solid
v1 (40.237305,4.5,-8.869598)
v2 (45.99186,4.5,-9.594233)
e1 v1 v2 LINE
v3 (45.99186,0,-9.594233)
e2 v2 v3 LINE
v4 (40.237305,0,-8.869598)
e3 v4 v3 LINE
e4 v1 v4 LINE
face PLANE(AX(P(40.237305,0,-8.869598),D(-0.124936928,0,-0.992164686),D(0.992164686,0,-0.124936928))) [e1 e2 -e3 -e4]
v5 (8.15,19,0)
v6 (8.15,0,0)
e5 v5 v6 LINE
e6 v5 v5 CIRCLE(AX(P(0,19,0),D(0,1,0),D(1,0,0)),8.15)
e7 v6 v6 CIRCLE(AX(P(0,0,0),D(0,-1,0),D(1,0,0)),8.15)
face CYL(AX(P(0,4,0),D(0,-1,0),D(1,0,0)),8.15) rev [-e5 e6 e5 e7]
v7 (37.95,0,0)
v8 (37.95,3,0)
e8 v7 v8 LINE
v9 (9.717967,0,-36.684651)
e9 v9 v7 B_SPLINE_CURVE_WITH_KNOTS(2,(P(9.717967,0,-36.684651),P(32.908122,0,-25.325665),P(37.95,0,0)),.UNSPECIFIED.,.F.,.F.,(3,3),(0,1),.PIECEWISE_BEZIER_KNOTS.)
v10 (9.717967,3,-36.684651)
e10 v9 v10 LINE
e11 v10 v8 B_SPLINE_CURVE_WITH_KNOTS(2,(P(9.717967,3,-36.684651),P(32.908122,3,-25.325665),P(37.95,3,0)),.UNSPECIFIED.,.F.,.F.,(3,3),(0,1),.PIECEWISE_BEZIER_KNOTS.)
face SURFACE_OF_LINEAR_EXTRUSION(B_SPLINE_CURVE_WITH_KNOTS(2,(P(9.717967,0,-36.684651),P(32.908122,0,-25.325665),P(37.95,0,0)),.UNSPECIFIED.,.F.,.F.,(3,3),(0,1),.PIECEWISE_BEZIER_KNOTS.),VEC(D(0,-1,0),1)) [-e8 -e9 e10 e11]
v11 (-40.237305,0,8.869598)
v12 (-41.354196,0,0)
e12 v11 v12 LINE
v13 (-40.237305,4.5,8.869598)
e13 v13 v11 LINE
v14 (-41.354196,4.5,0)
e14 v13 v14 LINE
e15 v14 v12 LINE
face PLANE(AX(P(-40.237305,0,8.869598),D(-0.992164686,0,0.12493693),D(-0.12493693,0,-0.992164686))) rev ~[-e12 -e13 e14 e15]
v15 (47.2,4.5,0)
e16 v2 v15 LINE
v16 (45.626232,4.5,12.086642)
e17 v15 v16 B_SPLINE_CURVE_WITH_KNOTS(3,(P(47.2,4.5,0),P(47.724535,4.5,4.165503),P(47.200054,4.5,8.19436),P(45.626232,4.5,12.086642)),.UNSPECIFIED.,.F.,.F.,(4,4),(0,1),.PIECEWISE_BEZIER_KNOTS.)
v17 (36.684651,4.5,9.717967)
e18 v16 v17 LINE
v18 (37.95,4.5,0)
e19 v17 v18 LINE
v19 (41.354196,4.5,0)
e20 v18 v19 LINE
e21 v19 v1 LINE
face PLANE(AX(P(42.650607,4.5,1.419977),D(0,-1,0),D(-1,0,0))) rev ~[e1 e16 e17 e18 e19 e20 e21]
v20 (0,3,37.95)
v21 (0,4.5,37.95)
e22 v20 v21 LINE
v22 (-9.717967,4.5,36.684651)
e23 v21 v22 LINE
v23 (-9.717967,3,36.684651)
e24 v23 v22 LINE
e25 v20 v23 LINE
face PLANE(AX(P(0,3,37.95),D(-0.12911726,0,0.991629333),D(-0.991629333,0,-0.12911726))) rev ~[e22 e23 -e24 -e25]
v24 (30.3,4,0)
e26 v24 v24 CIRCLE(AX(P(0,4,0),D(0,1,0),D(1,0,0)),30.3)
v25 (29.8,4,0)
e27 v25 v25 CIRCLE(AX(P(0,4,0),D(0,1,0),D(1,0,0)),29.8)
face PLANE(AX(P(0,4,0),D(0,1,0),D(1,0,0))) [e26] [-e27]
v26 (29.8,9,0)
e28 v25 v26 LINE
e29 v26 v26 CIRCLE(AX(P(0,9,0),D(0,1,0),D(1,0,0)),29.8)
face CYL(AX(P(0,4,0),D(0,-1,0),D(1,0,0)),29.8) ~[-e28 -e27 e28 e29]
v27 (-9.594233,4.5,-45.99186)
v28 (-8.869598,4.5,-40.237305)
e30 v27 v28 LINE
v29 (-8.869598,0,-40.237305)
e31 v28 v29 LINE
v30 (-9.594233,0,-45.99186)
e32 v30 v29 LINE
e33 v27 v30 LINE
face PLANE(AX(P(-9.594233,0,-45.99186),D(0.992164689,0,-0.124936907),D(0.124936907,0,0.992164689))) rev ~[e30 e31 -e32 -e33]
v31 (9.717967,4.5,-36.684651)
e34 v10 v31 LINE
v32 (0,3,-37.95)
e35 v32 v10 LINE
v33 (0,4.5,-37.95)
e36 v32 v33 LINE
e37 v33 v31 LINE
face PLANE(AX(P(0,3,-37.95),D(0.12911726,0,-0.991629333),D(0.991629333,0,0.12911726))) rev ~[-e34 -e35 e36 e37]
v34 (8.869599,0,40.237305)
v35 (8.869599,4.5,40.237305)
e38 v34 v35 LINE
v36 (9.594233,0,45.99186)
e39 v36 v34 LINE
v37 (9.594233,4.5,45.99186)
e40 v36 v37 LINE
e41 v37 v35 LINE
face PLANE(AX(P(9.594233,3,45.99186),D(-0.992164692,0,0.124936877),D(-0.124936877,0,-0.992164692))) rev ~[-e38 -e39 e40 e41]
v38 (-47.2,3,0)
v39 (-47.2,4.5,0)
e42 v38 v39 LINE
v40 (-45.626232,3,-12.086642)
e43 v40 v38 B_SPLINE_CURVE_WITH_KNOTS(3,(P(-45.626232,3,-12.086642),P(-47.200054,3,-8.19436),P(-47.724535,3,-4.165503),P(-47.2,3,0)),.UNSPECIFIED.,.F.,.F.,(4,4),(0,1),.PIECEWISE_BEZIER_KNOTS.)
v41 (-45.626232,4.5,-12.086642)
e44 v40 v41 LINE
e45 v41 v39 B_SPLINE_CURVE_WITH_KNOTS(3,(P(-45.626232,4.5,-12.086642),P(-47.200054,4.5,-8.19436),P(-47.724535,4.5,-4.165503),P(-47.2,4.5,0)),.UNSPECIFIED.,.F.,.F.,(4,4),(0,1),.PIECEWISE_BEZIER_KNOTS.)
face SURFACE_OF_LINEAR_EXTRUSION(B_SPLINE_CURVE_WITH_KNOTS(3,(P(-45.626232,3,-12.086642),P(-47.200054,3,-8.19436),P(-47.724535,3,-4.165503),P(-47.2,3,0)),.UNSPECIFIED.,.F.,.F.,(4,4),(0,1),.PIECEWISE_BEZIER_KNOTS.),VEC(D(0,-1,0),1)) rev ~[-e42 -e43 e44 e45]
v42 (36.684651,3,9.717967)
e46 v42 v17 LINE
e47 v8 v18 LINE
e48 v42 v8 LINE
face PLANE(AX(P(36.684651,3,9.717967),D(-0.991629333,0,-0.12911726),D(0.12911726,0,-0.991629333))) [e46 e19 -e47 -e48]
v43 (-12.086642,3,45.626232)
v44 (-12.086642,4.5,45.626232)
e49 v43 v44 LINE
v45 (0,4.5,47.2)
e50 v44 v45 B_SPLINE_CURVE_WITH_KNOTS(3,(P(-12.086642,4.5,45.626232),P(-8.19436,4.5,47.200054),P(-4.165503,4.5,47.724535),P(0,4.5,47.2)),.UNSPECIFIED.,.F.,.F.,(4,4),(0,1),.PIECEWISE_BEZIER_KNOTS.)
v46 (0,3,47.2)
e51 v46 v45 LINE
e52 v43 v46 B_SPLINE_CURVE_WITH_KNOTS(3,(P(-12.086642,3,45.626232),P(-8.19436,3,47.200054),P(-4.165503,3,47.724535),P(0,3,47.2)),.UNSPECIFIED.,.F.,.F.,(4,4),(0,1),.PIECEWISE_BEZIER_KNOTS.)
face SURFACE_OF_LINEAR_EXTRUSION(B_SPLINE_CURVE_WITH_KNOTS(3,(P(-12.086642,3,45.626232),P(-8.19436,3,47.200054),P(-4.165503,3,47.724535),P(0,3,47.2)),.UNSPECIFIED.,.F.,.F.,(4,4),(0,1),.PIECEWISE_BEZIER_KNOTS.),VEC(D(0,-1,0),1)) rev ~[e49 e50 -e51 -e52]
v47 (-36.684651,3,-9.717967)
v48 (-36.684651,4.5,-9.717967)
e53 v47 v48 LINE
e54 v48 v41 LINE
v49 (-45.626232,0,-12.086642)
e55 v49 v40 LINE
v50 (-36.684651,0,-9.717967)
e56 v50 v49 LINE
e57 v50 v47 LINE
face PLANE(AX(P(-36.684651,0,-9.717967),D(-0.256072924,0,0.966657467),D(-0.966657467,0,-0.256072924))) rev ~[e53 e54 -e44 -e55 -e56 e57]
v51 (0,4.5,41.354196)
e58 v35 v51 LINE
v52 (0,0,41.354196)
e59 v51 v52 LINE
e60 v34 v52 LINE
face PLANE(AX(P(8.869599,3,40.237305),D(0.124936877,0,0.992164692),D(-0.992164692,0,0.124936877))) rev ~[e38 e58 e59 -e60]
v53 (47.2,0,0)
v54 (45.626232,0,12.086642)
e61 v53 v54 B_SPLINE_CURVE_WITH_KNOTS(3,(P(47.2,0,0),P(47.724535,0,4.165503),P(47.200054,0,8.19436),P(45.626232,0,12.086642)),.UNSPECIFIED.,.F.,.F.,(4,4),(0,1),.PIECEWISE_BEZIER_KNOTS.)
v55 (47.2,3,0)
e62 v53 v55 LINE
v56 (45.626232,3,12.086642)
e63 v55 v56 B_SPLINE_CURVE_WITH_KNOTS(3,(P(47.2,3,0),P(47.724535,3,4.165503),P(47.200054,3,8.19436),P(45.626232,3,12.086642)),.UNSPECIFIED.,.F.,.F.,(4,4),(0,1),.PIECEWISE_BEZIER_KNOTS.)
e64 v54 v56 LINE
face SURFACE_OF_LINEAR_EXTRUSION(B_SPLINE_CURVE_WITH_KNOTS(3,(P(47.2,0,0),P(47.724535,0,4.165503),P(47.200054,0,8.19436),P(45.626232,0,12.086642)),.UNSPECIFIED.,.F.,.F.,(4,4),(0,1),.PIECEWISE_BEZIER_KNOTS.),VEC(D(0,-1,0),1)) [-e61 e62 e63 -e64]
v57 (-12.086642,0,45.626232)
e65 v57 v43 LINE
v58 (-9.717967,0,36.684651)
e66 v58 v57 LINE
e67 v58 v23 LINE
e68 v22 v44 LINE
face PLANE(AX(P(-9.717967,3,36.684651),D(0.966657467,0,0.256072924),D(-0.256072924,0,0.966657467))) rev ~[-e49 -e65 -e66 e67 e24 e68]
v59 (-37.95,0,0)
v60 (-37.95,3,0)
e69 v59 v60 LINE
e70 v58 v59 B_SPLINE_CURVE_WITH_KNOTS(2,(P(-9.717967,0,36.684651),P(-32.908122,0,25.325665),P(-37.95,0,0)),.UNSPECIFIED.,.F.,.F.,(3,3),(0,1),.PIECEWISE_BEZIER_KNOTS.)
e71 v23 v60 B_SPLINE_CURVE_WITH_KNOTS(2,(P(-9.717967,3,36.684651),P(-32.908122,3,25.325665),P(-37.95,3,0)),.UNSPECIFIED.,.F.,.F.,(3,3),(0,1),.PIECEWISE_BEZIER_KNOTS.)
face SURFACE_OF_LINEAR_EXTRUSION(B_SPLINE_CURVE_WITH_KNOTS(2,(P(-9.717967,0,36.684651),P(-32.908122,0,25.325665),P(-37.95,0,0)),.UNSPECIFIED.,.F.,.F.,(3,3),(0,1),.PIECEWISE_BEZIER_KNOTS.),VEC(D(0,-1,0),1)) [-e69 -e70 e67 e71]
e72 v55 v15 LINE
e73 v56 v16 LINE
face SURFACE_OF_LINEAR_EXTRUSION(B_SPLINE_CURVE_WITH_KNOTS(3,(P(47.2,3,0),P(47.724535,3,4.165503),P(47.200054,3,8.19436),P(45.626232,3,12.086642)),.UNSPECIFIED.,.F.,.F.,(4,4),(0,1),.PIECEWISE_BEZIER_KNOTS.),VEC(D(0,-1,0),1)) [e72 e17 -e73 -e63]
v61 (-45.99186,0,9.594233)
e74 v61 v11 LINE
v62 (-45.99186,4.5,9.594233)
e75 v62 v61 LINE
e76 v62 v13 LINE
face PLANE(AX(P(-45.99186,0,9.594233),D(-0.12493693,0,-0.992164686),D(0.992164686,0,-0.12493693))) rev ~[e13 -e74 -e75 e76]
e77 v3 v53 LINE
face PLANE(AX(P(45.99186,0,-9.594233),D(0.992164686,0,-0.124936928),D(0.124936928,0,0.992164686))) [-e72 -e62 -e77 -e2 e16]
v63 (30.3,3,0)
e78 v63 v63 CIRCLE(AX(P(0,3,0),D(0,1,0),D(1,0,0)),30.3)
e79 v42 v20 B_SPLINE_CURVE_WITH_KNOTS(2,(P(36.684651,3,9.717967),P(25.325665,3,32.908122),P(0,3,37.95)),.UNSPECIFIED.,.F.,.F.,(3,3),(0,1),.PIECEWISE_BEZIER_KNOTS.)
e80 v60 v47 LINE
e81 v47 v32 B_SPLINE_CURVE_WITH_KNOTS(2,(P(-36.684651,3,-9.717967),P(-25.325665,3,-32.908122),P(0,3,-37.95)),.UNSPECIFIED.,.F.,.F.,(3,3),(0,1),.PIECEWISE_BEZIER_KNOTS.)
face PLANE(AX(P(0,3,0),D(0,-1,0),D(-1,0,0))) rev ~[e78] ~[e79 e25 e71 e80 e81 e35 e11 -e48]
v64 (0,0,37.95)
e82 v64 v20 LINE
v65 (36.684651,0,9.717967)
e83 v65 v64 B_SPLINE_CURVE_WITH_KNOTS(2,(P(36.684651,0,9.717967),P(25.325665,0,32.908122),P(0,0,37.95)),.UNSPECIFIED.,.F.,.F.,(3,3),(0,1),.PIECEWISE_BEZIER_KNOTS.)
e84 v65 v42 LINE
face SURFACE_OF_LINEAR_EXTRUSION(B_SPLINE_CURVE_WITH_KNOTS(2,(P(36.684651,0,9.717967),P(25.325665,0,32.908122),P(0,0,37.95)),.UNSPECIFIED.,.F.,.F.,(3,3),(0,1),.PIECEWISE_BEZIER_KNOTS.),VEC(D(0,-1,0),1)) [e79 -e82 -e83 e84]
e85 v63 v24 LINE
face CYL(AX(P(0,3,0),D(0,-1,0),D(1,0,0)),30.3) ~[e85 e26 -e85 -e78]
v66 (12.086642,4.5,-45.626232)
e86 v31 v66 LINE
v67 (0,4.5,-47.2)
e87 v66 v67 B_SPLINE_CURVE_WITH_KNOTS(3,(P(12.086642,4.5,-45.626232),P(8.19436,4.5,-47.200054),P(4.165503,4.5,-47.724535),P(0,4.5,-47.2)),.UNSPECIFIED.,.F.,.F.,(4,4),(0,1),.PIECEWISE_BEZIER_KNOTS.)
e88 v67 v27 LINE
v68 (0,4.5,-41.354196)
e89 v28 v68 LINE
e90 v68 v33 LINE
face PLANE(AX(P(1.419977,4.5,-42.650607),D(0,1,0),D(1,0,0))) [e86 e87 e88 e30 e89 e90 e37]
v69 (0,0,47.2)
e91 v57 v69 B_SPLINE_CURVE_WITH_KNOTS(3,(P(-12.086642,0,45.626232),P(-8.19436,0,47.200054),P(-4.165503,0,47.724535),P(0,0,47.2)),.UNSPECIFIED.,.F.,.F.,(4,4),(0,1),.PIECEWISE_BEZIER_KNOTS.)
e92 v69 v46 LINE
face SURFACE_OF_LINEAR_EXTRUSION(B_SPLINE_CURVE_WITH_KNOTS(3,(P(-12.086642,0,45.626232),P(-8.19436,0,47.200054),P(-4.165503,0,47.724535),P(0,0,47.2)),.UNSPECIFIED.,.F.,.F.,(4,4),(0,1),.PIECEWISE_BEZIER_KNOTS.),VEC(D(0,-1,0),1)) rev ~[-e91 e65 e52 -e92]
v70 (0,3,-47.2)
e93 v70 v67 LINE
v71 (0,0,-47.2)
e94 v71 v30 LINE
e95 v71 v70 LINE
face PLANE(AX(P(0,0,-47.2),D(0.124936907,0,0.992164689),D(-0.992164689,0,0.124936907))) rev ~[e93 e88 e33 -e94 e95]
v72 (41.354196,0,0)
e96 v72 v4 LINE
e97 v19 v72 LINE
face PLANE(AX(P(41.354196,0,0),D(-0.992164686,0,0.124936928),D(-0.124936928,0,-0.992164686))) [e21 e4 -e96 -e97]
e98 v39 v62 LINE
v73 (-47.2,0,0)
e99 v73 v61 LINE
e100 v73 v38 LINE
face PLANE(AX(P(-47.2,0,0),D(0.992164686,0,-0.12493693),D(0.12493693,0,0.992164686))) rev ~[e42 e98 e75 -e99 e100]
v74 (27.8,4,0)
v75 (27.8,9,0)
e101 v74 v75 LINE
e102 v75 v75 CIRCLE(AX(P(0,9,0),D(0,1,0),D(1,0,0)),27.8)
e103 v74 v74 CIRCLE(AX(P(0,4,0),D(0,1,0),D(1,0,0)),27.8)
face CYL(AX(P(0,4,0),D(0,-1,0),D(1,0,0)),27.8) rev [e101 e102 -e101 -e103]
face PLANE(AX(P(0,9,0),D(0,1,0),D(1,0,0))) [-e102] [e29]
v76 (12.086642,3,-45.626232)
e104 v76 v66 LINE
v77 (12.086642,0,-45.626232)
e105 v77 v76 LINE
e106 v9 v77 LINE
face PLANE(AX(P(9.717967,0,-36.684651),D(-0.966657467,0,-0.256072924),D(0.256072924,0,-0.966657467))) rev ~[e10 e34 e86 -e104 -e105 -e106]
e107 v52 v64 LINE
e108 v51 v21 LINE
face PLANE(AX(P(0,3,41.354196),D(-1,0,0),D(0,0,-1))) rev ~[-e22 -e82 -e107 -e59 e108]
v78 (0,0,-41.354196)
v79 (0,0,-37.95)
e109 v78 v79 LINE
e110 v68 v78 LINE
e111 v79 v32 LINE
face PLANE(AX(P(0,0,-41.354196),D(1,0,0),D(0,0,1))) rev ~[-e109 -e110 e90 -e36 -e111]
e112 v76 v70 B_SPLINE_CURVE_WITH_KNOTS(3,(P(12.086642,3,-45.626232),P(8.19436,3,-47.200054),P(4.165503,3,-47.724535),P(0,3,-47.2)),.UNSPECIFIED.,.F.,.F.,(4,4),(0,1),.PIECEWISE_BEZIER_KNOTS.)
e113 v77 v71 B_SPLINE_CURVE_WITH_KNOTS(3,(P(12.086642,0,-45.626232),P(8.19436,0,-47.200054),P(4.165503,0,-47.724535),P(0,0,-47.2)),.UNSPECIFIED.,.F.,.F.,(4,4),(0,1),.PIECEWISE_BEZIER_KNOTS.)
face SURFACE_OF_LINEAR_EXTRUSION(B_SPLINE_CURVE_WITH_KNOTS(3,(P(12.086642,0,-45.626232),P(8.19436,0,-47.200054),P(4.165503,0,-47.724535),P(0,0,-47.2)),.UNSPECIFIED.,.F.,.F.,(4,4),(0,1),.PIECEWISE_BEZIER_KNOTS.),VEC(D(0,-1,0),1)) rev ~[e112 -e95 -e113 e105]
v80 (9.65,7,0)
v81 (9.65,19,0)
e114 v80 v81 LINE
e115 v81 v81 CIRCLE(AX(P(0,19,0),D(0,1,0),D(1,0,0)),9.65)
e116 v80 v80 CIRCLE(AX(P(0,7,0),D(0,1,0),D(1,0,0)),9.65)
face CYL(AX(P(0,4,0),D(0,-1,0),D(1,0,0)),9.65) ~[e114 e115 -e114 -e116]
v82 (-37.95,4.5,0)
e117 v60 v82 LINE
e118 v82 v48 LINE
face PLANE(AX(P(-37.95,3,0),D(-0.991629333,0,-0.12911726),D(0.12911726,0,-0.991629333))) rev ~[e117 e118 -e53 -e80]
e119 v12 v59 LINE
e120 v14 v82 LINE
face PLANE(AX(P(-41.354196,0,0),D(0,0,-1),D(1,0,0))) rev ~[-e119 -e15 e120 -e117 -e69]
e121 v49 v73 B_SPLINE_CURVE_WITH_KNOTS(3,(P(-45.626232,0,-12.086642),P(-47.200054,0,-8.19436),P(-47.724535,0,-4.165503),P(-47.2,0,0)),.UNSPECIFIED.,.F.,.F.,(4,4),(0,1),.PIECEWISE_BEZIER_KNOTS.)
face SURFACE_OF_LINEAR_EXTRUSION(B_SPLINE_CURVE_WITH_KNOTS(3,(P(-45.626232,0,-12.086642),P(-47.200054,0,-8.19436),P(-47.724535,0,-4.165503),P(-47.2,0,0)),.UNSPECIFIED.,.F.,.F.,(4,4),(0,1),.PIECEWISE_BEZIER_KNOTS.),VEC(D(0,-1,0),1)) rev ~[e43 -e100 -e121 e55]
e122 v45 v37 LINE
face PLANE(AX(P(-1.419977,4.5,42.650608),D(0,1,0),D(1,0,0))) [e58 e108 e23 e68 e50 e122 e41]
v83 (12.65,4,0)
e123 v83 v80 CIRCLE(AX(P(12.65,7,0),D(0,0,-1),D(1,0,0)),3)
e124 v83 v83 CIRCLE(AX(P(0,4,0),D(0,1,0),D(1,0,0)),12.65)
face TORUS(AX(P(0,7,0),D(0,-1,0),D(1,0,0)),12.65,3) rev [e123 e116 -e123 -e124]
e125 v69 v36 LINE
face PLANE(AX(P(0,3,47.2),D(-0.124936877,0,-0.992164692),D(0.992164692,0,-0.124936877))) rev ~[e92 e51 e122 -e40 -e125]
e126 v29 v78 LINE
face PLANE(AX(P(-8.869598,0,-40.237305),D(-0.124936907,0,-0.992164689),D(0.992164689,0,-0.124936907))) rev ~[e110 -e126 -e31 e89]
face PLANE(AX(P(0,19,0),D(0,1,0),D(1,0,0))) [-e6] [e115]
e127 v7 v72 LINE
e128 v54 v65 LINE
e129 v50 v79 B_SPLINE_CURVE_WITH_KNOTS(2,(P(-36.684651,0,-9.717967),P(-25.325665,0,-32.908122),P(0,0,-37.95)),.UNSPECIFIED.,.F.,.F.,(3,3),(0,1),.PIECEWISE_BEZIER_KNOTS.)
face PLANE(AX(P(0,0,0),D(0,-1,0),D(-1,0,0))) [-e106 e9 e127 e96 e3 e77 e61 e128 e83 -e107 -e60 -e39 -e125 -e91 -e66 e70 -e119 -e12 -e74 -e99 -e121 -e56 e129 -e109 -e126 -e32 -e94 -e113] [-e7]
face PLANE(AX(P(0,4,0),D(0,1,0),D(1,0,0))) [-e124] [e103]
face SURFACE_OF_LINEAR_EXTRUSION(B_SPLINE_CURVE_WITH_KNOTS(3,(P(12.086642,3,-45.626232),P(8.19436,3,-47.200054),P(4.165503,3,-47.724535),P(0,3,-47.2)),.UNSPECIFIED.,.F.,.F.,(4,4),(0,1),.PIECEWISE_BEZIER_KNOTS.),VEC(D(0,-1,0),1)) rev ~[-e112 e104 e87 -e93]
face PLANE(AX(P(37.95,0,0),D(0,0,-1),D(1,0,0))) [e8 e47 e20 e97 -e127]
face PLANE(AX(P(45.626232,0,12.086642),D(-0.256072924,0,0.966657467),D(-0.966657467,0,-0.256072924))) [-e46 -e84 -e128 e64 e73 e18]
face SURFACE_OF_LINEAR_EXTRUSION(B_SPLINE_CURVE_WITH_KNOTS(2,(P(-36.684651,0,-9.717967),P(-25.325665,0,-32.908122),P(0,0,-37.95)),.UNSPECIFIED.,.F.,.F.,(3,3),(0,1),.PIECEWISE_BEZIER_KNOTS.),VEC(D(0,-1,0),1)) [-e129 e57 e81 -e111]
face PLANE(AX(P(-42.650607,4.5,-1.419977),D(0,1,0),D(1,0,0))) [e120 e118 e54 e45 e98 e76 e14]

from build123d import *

# Parameters (mm, degrees)
BOSS_EXTRUDE1_DEPTH = 3
BOSS_EXTRUDE2_START = 3
BOSS_EXTRUDE2_DEPTH = 1.5
SKETCH2_R           = 30.3
SKETCH2_R_2         = 29.8
SKETCH2_R_3         = 27.8
BOSS_EXTRUDE3_DEPTH = 1
SKETCH3_R           = 29.8
SKETCH3_R_2         = 27.8
BOSS_EXTRUDE4_DEPTH = 5
SKETCH4_R           = 9.65
SKETCH4_R_2         = 8.15
BOSS_EXTRUDE5_DEPTH = 15
FILLET1_R           = 3
SKETCH5_R           = 8.15
CUT_EXTRUDE1_DEPTH  = 19


with BuildPart() as part:
    # Sketch1 → Boss-Extrude1 (new body)
    with BuildSketch(Plane(origin=(0, 0, 0), x_dir=(1, 0, 0), z_dir=(0, 1, 0))):
        with BuildLine():
            add(Edge.make_bspline(
                [(-9.71796746, -36.684650856), (-32.908122366, -25.325665089), (-37.95, 0)],
                knots=[0, 0, 0, 1, 1, 1], degree=2))
            Line((-37.95, 0), (-36.684650856, 9.71796746))
            add(Edge.make_bspline(
                [(-36.684650856, 9.71796746), (-25.325665089, 32.908122366), (0, 37.95)],
                knots=[0, 0, 0, 1, 1, 1], degree=2))
            Line((0, 37.95), (9.71796746, 36.684650856))
            add(Edge.make_bspline(
                [(9.71796746, 36.684650856), (32.908122366, 25.325665089), (37.95, 0)],
                knots=[0, 0, 0, 1, 1, 1], degree=2))
            Line((37.95, 0), (36.684650856, -9.71796746))
            add(Edge.make_bspline(
                [(36.684650856, -9.71796746), (25.325665089, -32.908122366), (0, -37.95)],
                knots=[0, 0, 0, 1, 1, 1], degree=2))
            Line((0, -37.95), (-9.71796746, -36.684650856))
        make_face()
        with BuildLine():
            Line((-36.684650856, 9.71796746), (-45.626232422, 12.086642005))
            add(Edge.make_bspline(
                [(-45.626232422, 12.086642005), (-47.200054133, 8.194360075), (-47.724535059, 4.165503049), (-47.2, 0)],
                knots=[0, 0, 0, 0, 1, 1, 1, 1], degree=3))
            Line((-47.2, 0), (-45.991859888, -9.594232511))
            Line((-45.991859888, -9.594232511), (-40.237304711, -8.869598317))
            Line((-40.237304711, -8.869598317), (-41.354196291, 0))
            Line((-41.354196291, 0), (-37.95, 0))
            Line((-37.95, 0), (-36.684650856, 9.71796746))
        make_face()
        with BuildLine():
            Line((-9.71796746, -36.684650856), (-12.086642005, -45.626232422))
            add(Edge.make_bspline(
                [(-12.086642005, -45.626232422), (-8.194360105, -47.200054362), (-4.165503019, -47.72453483), (0, -47.2)],
                knots=[0, 0, 0, 0, 1, 1, 1, 1], degree=3))
            Line((0, -47.2), (9.594232575, -45.991860399))
            Line((9.594232575, -45.991860399), (8.869598688, -40.237305183))
            Line((8.869598688, -40.237305183), (0, -41.35419633))
            Line((0, -41.35419633), (0, -37.95))
            Line((0, -37.95), (-9.71796746, -36.684650856))
        make_face()
        with BuildLine():
            add(Edge.make_bspline(
                [(47.2, 0), (47.724535051, -4.165503048), (47.200054142, -8.194360076), (45.626232422, -12.086642005)],
                knots=[0, 0, 0, 0, 1, 1, 1, 1], degree=3))
            Line((45.626232422, -12.086642005), (36.684650856, -9.71796746))
            Line((36.684650856, -9.71796746), (37.95, 0))
            Line((37.95, 0), (41.354196292, 0))
            Line((41.354196292, 0), (40.237304729, 8.869598332))
            Line((40.237304729, 8.869598332), (45.991859908, 9.594232513))
            Line((45.991859908, 9.594232513), (47.2, 0))
        make_face()
        with BuildLine():
            Line((9.71796746, 36.684650856), (12.086642005, 45.626232422))
            add(Edge.make_bspline(
                [(12.086642005, 45.626232422), (8.194360088, 47.200054234), (4.165503036, 47.724534958), (0, 47.2)],
                knots=[0, 0, 0, 0, 1, 1, 1, 1], degree=3))
            Line((0, 47.2), (-9.594232539, 45.991860113))
            Line((-9.594232539, 45.991860113), (-8.869598481, 40.237304919))
            Line((-8.869598481, 40.237304919), (0, 41.354196308))
            Line((0, 41.354196308), (0, 37.95))
            Line((0, 37.95), (9.71796746, 36.684650856))
        make_face()
    extrude(amount=BOSS_EXTRUDE1_DEPTH)

    # Sketch1<3> → Boss-Extrude2 (add)
    with BuildSketch(Plane(origin=(0, 0, 0), x_dir=(1, 0, 0), z_dir=(0, 1, 0)).offset(BOSS_EXTRUDE2_START)):
        with BuildLine():
            Line((-9.71796746, -36.684650856), (-12.086642005, -45.626232422))
            add(Edge.make_bspline(
                [(-12.086642005, -45.626232422), (-8.194360105, -47.200054362), (-4.165503019, -47.72453483), (0, -47.2)],
                knots=[0, 0, 0, 0, 1, 1, 1, 1], degree=3))
            Line((0, -47.2), (9.594232575, -45.991860399))
            Line((9.594232575, -45.991860399), (8.869598688, -40.237305183))
            Line((8.869598688, -40.237305183), (0, -41.35419633))
            Line((0, -41.35419633), (0, -37.95))
            Line((0, -37.95), (-9.71796746, -36.684650856))
        make_face()
        with BuildLine():
            add(Edge.make_bspline(
                [(47.2, 0), (47.724535051, -4.165503048), (47.200054142, -8.194360076), (45.626232422, -12.086642005)],
                knots=[0, 0, 0, 0, 1, 1, 1, 1], degree=3))
            Line((45.626232422, -12.086642005), (36.684650856, -9.71796746))
            Line((36.684650856, -9.71796746), (37.95, 0))
            Line((37.95, 0), (41.354196292, 0))
            Line((41.354196292, 0), (40.237304729, 8.869598332))
            Line((40.237304729, 8.869598332), (45.991859908, 9.594232513))
            Line((45.991859908, 9.594232513), (47.2, 0))
        make_face()
        with BuildLine():
            Line((9.71796746, 36.684650856), (12.086642005, 45.626232422))
            add(Edge.make_bspline(
                [(12.086642005, 45.626232422), (8.194360088, 47.200054234), (4.165503036, 47.724534958), (0, 47.2)],
                knots=[0, 0, 0, 0, 1, 1, 1, 1], degree=3))
            Line((0, 47.2), (-9.594232539, 45.991860113))
            Line((-9.594232539, 45.991860113), (-8.869598481, 40.237304919))
            Line((-8.869598481, 40.237304919), (0, 41.354196308))
            Line((0, 41.354196308), (0, 37.95))
            Line((0, 37.95), (9.71796746, 36.684650856))
        make_face()
        with BuildLine():
            Line((-36.684650856, 9.71796746), (-45.626232422, 12.086642005))
            add(Edge.make_bspline(
                [(-45.626232422, 12.086642005), (-47.200054133, 8.194360075), (-47.724535059, 4.165503049), (-47.2, 0)],
                knots=[0, 0, 0, 0, 1, 1, 1, 1], degree=3))
            Line((-47.2, 0), (-45.991859888, -9.594232511))
            Line((-45.991859888, -9.594232511), (-40.237304711, -8.869598317))
            Line((-40.237304711, -8.869598317), (-41.354196291, 0))
            Line((-41.354196291, 0), (-37.95, 0))
            Line((-37.95, 0), (-36.684650856, 9.71796746))
        make_face()
    extrude(amount=BOSS_EXTRUDE2_DEPTH)

    # Sketch2 → Boss-Extrude3 (add)
    with BuildSketch(Plane(origin=(0, 3, 0), x_dir=(1, 0, 0), z_dir=(0, 1, 0))):
        Circle(SKETCH2_R)
        Circle(SKETCH2_R_2, mode=Mode.SUBTRACT)
        Circle(SKETCH2_R_2)
        Circle(SKETCH2_R_3, mode=Mode.SUBTRACT)
        Circle(SKETCH2_R_3)
    extrude(amount=BOSS_EXTRUDE3_DEPTH)

    # Sketch3 → Boss-Extrude4 (add)
    with BuildSketch(Plane(origin=(0, 4, 0), x_dir=(1, 0, 0), z_dir=(0, 1, 0))):
        Circle(SKETCH3_R)
        Circle(SKETCH3_R_2, mode=Mode.SUBTRACT)
    extrude(amount=BOSS_EXTRUDE4_DEPTH)

    # Sketch4 → Boss-Extrude5 (add)
    with BuildSketch(Plane(origin=(0, 4, 0), x_dir=(1, 0, 0), z_dir=(0, 1, 0))):
        Circle(SKETCH4_R)
        Circle(SKETCH4_R_2, mode=Mode.SUBTRACT)
    extrude(amount=BOSS_EXTRUDE5_DEPTH)

    # Fillet1
    fillet1_edges = [part.edges().sort_by_distance(p)[0] for p in [
        (-9.65, 4, 0),
    ]]
    fillet(fillet1_edges, radius=FILLET1_R)

    # Sketch5 → Cut-Extrude1 (cut)
    with BuildSketch(Plane.XZ):
        Circle(SKETCH5_R)
    extrude(amount=-CUT_EXTRUDE1_DEPTH, mode=Mode.SUBTRACT)


solid = part.part
